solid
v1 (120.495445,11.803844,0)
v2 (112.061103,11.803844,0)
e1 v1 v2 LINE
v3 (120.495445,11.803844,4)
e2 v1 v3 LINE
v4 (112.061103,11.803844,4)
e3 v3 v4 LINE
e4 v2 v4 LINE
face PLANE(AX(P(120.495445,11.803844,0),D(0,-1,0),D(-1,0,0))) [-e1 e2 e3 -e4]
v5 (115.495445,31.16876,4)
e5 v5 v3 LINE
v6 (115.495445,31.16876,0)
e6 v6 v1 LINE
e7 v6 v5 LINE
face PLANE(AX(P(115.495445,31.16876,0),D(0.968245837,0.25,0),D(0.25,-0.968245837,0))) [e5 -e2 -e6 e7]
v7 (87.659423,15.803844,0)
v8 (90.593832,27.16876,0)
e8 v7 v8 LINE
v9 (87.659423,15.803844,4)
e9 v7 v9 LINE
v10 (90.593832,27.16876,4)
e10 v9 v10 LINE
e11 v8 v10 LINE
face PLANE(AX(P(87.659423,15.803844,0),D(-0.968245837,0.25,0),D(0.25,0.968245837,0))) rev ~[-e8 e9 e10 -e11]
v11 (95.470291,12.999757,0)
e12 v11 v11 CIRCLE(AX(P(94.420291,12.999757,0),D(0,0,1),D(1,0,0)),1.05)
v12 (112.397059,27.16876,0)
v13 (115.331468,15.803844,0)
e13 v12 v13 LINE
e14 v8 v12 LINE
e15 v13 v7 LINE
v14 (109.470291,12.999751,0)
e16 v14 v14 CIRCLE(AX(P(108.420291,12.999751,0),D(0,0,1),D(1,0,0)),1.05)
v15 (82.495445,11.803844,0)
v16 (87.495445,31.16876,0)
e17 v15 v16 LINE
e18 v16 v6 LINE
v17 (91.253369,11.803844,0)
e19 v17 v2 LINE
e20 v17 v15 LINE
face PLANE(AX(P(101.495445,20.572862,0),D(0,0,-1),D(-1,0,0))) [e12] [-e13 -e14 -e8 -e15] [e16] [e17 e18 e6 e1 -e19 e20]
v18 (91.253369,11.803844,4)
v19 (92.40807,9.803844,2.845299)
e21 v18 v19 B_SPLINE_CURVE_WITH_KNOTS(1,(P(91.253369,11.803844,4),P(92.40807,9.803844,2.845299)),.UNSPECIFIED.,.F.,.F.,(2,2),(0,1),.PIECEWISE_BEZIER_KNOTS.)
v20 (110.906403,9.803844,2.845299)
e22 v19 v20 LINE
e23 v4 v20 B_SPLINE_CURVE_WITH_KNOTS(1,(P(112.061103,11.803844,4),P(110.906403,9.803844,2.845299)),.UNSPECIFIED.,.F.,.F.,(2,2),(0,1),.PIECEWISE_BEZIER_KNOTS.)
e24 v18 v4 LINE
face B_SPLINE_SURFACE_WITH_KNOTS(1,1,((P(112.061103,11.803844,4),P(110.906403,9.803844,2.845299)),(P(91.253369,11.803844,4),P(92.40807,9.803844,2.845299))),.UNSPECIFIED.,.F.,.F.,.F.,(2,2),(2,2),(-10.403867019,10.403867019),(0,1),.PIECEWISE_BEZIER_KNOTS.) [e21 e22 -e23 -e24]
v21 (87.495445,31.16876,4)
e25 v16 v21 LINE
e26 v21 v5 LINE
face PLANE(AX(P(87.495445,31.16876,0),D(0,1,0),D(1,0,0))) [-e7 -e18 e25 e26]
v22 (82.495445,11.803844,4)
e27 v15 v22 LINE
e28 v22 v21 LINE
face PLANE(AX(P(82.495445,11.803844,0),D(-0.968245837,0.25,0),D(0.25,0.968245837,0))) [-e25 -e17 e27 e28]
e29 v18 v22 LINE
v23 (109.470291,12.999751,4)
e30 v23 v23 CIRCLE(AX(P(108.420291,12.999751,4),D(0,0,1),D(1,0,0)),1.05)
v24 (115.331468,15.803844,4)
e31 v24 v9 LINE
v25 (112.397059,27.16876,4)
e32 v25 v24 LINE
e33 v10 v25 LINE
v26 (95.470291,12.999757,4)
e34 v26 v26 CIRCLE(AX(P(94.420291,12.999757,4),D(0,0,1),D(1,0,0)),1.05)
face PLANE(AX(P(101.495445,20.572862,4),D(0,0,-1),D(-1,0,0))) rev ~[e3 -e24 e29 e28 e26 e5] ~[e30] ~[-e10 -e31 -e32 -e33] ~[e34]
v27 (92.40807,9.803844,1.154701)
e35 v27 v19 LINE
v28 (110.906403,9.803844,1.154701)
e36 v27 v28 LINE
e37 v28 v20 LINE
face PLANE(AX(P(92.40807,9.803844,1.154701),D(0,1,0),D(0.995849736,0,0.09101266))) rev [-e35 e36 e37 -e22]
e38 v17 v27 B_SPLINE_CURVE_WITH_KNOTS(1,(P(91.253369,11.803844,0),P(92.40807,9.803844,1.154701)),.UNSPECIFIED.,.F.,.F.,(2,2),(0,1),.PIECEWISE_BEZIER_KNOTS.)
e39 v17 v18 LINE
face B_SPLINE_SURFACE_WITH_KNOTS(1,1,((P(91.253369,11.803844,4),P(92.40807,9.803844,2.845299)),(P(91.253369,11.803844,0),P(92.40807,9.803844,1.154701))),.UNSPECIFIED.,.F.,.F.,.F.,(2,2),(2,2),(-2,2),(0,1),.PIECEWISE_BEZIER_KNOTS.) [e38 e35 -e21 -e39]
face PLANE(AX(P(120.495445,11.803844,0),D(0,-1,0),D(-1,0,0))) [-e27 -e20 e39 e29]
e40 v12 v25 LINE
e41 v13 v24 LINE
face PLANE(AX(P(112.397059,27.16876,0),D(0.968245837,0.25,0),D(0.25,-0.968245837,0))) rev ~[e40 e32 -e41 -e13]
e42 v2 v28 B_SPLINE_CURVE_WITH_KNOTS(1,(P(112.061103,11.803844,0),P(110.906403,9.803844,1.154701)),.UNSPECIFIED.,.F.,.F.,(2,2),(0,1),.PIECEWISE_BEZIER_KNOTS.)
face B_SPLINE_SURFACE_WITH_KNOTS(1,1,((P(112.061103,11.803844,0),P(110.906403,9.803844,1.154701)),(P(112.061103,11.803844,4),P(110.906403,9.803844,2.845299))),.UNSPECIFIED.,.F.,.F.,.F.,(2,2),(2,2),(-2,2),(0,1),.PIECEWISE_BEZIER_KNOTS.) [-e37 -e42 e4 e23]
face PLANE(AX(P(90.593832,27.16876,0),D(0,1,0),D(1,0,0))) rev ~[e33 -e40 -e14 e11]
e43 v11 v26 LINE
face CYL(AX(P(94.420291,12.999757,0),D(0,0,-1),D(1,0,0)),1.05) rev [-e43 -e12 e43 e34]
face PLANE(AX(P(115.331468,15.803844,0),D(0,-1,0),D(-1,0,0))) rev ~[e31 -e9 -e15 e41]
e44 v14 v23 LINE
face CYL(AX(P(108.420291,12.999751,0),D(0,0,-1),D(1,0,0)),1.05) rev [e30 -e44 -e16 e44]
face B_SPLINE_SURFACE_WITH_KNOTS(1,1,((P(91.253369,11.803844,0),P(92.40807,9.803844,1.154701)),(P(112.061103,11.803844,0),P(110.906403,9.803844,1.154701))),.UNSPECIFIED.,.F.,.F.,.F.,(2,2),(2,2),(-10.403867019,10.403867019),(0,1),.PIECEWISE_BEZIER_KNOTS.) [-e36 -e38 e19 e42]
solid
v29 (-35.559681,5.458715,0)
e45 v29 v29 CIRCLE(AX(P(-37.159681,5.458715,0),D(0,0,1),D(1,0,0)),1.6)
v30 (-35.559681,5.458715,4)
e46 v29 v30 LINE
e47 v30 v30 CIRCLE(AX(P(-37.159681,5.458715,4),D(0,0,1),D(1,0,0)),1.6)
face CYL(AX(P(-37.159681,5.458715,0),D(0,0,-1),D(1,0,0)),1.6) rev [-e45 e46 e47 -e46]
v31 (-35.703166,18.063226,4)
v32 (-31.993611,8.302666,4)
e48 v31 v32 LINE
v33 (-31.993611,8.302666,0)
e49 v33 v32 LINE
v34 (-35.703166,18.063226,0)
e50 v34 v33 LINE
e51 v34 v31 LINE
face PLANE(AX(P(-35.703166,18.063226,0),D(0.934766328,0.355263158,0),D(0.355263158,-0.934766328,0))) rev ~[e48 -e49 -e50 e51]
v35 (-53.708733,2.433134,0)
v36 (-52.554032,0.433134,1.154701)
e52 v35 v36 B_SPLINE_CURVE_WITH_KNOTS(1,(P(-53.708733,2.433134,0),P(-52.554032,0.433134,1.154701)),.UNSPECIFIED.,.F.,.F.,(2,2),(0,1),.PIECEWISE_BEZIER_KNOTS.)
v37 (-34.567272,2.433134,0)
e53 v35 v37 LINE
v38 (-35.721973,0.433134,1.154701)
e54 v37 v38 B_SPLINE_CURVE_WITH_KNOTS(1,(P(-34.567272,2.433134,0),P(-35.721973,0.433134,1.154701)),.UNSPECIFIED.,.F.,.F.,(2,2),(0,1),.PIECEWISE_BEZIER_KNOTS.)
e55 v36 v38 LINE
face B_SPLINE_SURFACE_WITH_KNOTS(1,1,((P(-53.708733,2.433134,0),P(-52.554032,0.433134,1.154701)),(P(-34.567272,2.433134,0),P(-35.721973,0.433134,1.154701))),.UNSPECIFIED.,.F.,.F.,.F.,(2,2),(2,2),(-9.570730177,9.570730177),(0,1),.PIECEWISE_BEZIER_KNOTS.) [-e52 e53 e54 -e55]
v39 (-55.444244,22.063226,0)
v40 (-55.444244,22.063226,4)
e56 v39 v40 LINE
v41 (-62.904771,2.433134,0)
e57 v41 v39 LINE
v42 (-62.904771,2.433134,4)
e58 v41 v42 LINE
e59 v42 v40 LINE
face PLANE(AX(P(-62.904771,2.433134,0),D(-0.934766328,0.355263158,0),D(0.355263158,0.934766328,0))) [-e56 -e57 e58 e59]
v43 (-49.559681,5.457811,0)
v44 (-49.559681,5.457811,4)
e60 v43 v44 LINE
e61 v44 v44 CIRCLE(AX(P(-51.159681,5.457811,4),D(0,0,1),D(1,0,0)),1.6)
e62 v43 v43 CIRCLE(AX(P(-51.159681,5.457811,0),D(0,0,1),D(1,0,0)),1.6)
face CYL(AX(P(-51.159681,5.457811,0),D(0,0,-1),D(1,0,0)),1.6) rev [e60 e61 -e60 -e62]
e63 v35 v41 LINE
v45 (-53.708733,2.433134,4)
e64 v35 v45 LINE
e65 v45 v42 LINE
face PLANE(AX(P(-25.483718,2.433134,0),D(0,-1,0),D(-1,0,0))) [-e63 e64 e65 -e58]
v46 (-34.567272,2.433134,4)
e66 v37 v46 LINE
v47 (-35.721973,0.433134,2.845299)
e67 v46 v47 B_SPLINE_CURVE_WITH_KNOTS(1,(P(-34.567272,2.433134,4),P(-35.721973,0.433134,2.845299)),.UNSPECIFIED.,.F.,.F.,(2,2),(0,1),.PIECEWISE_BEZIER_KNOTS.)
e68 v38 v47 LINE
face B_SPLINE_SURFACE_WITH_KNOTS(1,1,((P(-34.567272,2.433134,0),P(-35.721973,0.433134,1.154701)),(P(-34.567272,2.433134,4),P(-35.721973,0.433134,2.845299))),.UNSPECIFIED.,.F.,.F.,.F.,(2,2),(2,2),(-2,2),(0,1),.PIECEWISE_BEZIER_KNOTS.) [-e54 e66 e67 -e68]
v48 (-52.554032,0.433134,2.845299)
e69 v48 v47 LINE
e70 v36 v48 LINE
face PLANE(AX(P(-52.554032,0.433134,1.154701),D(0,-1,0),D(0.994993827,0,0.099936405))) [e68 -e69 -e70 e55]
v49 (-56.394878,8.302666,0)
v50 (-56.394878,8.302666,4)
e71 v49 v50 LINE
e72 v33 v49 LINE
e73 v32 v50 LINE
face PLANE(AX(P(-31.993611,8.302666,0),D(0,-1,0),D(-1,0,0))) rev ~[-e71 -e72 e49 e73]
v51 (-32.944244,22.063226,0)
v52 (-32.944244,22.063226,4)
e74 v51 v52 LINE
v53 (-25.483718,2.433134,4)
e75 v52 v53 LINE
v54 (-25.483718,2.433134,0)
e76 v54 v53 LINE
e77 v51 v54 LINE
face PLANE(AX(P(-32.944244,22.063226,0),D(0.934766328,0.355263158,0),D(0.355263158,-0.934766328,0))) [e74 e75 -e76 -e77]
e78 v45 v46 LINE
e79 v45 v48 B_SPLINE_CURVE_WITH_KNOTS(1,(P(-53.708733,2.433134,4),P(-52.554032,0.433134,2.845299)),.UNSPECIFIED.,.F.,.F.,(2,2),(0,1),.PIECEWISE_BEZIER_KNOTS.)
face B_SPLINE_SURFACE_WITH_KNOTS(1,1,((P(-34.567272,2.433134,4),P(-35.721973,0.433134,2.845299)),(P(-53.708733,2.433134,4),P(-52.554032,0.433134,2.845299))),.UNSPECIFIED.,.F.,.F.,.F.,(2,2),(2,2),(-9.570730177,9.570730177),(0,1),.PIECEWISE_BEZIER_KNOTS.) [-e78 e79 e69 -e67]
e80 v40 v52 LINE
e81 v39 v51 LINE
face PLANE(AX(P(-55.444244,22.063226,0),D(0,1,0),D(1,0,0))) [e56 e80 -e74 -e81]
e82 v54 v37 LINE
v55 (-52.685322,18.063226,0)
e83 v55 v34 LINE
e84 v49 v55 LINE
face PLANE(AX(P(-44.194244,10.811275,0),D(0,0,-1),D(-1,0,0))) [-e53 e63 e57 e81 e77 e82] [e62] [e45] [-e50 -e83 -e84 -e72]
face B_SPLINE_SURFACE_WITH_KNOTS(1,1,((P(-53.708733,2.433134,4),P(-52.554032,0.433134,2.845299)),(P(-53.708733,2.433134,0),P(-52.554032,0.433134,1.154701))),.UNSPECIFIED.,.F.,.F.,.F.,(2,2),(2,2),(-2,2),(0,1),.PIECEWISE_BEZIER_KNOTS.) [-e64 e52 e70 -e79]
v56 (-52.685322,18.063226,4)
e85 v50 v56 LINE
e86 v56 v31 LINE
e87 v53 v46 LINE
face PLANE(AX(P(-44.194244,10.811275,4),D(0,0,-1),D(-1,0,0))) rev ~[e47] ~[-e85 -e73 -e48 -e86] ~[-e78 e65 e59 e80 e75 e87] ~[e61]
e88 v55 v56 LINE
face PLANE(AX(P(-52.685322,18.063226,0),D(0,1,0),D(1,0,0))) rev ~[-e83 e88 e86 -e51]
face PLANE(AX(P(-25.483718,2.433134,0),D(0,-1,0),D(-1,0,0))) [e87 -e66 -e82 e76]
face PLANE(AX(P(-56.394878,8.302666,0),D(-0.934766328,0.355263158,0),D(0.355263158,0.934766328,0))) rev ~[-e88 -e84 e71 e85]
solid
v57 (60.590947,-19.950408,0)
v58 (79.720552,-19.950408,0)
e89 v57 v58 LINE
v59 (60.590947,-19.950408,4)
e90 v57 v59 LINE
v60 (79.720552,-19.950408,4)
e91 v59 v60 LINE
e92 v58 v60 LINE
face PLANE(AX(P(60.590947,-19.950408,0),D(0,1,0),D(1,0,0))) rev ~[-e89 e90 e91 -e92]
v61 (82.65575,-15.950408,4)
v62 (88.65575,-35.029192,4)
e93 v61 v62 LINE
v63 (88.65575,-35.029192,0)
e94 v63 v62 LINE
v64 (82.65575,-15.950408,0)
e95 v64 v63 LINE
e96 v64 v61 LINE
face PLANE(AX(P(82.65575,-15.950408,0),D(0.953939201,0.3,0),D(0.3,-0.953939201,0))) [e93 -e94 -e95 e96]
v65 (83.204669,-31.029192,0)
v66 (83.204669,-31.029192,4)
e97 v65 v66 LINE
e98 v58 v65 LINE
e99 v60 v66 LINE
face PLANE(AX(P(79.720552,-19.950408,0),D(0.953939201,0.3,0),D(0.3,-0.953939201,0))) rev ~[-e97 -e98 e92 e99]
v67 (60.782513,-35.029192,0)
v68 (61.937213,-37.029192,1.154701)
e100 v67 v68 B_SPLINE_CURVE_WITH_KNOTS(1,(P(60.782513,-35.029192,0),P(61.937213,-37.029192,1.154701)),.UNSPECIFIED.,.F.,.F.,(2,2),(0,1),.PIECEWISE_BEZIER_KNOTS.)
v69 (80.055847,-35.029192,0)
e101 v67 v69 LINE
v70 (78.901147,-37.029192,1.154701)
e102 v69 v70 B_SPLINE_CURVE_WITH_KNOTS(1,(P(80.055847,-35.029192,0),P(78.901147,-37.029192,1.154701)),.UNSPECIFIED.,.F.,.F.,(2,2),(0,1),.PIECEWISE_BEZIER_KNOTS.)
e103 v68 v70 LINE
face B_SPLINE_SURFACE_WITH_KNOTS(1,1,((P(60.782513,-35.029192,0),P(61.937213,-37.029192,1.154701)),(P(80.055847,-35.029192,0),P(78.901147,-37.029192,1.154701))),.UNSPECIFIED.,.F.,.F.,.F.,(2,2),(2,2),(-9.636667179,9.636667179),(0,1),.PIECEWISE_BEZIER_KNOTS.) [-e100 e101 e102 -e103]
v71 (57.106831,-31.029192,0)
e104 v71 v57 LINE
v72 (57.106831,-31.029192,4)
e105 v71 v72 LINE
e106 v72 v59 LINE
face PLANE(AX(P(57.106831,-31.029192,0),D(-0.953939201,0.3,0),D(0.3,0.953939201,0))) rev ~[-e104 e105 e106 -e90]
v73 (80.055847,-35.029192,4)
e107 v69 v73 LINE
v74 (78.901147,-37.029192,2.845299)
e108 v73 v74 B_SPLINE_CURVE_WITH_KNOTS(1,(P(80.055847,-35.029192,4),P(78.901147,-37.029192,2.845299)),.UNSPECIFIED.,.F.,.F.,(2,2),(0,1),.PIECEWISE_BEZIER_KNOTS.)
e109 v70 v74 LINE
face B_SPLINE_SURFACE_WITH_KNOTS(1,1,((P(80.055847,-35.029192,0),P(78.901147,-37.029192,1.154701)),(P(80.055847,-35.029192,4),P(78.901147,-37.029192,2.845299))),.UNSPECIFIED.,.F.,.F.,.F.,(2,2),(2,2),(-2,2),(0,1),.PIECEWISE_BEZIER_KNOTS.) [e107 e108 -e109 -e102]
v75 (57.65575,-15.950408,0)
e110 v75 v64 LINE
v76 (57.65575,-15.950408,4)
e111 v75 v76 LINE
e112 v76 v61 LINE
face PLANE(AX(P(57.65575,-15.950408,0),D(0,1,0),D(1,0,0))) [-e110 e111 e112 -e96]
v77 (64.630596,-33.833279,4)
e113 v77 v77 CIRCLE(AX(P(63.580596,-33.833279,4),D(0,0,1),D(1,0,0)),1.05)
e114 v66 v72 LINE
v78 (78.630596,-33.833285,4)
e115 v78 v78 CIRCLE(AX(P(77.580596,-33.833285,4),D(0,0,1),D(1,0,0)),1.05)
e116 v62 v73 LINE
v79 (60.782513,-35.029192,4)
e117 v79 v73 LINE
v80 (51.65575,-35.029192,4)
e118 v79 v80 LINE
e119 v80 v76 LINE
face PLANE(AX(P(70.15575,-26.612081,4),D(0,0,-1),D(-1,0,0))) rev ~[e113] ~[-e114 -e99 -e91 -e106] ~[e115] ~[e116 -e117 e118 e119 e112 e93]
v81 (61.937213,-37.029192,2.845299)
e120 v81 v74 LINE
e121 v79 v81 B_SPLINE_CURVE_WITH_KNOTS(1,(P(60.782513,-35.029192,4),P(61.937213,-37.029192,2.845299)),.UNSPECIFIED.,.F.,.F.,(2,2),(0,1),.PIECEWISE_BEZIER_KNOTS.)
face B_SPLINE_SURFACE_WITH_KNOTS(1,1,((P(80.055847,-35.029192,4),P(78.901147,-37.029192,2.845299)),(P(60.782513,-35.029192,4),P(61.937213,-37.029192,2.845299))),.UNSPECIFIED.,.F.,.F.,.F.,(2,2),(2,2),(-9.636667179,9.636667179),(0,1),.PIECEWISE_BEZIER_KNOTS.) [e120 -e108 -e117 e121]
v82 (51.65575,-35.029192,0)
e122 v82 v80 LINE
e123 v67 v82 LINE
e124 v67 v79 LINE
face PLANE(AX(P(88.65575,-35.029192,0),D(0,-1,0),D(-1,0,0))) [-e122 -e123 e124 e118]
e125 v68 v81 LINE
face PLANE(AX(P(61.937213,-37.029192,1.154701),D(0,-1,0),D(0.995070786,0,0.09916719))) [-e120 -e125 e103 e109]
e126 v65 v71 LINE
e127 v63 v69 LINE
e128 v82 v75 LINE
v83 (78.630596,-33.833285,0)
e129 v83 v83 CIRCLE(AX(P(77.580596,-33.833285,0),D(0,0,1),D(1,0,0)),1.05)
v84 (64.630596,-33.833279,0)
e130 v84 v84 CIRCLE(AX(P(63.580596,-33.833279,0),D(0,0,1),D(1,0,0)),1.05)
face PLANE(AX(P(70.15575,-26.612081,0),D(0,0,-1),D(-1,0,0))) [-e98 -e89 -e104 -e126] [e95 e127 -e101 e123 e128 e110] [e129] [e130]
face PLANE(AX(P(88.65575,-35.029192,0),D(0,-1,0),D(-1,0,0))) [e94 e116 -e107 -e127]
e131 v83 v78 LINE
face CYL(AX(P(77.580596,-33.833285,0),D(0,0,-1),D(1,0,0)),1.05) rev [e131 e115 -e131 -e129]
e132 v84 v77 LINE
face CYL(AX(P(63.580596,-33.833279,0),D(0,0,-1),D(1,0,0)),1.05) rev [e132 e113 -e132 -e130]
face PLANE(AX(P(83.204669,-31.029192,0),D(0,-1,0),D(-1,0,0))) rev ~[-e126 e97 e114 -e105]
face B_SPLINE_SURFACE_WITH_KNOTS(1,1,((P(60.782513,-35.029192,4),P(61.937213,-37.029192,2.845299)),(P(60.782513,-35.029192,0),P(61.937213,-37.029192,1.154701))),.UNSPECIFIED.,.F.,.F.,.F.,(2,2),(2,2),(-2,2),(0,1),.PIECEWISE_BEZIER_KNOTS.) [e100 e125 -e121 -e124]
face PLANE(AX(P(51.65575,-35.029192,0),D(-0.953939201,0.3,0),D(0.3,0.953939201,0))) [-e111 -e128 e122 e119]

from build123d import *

# Parameters (mm, degrees)
SKETCH1_R             = 1.6
BOSS_EXTRUDE1_DEPTH   = 4
SKETCH1_R_2           = 1.05
BOSS_EXTRUDE1_2_DEPTH = 4
BOSS_EXTRUDE1_3_DEPTH = 4
SKETCH2_W             = 19.141460354
SKETCH2_H             = 4
BOSS_EXTRUDE2_DEPTH   = 2
BOSS_EXTRUDE2_TAPER   = 30
SKETCH3_W             = 20.807734038
SKETCH3_H             = 4
BOSS_EXTRUDE3_DEPTH   = 2
BOSS_EXTRUDE3_TAPER   = 30
SKETCH4_W             = 19.273334359
SKETCH4_H             = 4
BOSS_EXTRUDE4_DEPTH   = 2
BOSS_EXTRUDE4_TAPER   = 30


with BuildPart() as part:
    # Sketch1 → Boss-Extrude1 (new body)
    with BuildSketch(Plane.XY):
        Polygon((-55.444244203, 22.063226417), (-32.944244203, 22.063226417), (-25.483717887, 2.433133521), (-62.904770519, 2.433133521), align=None)
        with Locations((-51.159681031, 5.4578108)):
            Circle(SKETCH1_R, mode=Mode.SUBTRACT)
        with Locations((-37.15968106, 5.458714772)):
            Circle(SKETCH1_R, mode=Mode.SUBTRACT)
        Polygon((-52.685322224, 18.063226417), (-35.703166182, 18.063226417), (-31.993610812, 8.302666178), (-56.394877594, 8.302666178), align=None, mode=Mode.SUBTRACT)
    extrude(amount=BOSS_EXTRUDE1_DEPTH)

    # Sketch2 → Boss-Extrude2 (add)
    with BuildSketch(Plane.XZ.offset(-2.433133521)):
        with Locations((-44.138002497, 2)):
            Rectangle(SKETCH2_W, SKETCH2_H)
    extrude(amount=BOSS_EXTRUDE2_DEPTH, taper=BOSS_EXTRUDE2_TAPER)


with BuildPart() as body_2:
    # Sketch1 → Boss-Extrude1 2 (new body)
    with BuildSketch(Plane.XY):
        Polygon((87.495445367, 31.168760327), (115.495445367, 31.168760327), (120.495445367, 11.803843596), (82.495445367, 11.803843596), align=None)
        with Locations((94.420291335, 12.999756858)):
            Circle(SKETCH1_R_2, mode=Mode.SUBTRACT)
        with Locations((108.420291335, 12.999750534)):
            Circle(SKETCH1_R_2, mode=Mode.SUBTRACT)
        Polygon((90.593832044, 27.168760327), (112.39705869, 27.168760327), (115.331467572, 15.803843596), (87.659423162, 15.803843596), align=None, mode=Mode.SUBTRACT)
    extrude(amount=BOSS_EXTRUDE1_2_DEPTH)

    # Sketch3 → Boss-Extrude3 (add)
    with BuildSketch(Plane.XZ.offset(-11.803843596)):
        with Locations((101.657236315, 2)):
            Rectangle(SKETCH3_W, SKETCH3_H)
    extrude(amount=BOSS_EXTRUDE3_DEPTH, taper=BOSS_EXTRUDE3_TAPER)


with BuildPart() as body_3:
    # Sketch1 → Boss-Extrude1 3 (new body)
    with BuildSketch(Plane.XY):
        Polygon((57.655749748, -15.95040789), (82.655749748, -15.95040789), (88.655749748, -35.029191918), (51.655749748, -35.029191918), align=None)
        with Locations((63.580595716, -33.833278656)):
            Circle(SKETCH1_R_2, mode=Mode.SUBTRACT)
        with Locations((77.580595716, -33.83328498)):
            Circle(SKETCH1_R_2, mode=Mode.SUBTRACT)
        Polygon((60.59094729, -19.95040789), (79.720552205, -19.95040789), (83.204668597, -31.029191918), (57.106830899, -31.029191918), align=None, mode=Mode.SUBTRACT)
    extrude(amount=BOSS_EXTRUDE1_3_DEPTH)

    # Sketch4 → Boss-Extrude4 (add)
    with BuildSketch(Plane.XZ.offset(35.029191918)):
        with Locations((70.419180003, 2)):
            Rectangle(SKETCH4_W, SKETCH4_H)
    extrude(amount=BOSS_EXTRUDE4_DEPTH, taper=BOSS_EXTRUDE4_TAPER)


solid = Compound([part.part, body_2.part, body_3.part])
